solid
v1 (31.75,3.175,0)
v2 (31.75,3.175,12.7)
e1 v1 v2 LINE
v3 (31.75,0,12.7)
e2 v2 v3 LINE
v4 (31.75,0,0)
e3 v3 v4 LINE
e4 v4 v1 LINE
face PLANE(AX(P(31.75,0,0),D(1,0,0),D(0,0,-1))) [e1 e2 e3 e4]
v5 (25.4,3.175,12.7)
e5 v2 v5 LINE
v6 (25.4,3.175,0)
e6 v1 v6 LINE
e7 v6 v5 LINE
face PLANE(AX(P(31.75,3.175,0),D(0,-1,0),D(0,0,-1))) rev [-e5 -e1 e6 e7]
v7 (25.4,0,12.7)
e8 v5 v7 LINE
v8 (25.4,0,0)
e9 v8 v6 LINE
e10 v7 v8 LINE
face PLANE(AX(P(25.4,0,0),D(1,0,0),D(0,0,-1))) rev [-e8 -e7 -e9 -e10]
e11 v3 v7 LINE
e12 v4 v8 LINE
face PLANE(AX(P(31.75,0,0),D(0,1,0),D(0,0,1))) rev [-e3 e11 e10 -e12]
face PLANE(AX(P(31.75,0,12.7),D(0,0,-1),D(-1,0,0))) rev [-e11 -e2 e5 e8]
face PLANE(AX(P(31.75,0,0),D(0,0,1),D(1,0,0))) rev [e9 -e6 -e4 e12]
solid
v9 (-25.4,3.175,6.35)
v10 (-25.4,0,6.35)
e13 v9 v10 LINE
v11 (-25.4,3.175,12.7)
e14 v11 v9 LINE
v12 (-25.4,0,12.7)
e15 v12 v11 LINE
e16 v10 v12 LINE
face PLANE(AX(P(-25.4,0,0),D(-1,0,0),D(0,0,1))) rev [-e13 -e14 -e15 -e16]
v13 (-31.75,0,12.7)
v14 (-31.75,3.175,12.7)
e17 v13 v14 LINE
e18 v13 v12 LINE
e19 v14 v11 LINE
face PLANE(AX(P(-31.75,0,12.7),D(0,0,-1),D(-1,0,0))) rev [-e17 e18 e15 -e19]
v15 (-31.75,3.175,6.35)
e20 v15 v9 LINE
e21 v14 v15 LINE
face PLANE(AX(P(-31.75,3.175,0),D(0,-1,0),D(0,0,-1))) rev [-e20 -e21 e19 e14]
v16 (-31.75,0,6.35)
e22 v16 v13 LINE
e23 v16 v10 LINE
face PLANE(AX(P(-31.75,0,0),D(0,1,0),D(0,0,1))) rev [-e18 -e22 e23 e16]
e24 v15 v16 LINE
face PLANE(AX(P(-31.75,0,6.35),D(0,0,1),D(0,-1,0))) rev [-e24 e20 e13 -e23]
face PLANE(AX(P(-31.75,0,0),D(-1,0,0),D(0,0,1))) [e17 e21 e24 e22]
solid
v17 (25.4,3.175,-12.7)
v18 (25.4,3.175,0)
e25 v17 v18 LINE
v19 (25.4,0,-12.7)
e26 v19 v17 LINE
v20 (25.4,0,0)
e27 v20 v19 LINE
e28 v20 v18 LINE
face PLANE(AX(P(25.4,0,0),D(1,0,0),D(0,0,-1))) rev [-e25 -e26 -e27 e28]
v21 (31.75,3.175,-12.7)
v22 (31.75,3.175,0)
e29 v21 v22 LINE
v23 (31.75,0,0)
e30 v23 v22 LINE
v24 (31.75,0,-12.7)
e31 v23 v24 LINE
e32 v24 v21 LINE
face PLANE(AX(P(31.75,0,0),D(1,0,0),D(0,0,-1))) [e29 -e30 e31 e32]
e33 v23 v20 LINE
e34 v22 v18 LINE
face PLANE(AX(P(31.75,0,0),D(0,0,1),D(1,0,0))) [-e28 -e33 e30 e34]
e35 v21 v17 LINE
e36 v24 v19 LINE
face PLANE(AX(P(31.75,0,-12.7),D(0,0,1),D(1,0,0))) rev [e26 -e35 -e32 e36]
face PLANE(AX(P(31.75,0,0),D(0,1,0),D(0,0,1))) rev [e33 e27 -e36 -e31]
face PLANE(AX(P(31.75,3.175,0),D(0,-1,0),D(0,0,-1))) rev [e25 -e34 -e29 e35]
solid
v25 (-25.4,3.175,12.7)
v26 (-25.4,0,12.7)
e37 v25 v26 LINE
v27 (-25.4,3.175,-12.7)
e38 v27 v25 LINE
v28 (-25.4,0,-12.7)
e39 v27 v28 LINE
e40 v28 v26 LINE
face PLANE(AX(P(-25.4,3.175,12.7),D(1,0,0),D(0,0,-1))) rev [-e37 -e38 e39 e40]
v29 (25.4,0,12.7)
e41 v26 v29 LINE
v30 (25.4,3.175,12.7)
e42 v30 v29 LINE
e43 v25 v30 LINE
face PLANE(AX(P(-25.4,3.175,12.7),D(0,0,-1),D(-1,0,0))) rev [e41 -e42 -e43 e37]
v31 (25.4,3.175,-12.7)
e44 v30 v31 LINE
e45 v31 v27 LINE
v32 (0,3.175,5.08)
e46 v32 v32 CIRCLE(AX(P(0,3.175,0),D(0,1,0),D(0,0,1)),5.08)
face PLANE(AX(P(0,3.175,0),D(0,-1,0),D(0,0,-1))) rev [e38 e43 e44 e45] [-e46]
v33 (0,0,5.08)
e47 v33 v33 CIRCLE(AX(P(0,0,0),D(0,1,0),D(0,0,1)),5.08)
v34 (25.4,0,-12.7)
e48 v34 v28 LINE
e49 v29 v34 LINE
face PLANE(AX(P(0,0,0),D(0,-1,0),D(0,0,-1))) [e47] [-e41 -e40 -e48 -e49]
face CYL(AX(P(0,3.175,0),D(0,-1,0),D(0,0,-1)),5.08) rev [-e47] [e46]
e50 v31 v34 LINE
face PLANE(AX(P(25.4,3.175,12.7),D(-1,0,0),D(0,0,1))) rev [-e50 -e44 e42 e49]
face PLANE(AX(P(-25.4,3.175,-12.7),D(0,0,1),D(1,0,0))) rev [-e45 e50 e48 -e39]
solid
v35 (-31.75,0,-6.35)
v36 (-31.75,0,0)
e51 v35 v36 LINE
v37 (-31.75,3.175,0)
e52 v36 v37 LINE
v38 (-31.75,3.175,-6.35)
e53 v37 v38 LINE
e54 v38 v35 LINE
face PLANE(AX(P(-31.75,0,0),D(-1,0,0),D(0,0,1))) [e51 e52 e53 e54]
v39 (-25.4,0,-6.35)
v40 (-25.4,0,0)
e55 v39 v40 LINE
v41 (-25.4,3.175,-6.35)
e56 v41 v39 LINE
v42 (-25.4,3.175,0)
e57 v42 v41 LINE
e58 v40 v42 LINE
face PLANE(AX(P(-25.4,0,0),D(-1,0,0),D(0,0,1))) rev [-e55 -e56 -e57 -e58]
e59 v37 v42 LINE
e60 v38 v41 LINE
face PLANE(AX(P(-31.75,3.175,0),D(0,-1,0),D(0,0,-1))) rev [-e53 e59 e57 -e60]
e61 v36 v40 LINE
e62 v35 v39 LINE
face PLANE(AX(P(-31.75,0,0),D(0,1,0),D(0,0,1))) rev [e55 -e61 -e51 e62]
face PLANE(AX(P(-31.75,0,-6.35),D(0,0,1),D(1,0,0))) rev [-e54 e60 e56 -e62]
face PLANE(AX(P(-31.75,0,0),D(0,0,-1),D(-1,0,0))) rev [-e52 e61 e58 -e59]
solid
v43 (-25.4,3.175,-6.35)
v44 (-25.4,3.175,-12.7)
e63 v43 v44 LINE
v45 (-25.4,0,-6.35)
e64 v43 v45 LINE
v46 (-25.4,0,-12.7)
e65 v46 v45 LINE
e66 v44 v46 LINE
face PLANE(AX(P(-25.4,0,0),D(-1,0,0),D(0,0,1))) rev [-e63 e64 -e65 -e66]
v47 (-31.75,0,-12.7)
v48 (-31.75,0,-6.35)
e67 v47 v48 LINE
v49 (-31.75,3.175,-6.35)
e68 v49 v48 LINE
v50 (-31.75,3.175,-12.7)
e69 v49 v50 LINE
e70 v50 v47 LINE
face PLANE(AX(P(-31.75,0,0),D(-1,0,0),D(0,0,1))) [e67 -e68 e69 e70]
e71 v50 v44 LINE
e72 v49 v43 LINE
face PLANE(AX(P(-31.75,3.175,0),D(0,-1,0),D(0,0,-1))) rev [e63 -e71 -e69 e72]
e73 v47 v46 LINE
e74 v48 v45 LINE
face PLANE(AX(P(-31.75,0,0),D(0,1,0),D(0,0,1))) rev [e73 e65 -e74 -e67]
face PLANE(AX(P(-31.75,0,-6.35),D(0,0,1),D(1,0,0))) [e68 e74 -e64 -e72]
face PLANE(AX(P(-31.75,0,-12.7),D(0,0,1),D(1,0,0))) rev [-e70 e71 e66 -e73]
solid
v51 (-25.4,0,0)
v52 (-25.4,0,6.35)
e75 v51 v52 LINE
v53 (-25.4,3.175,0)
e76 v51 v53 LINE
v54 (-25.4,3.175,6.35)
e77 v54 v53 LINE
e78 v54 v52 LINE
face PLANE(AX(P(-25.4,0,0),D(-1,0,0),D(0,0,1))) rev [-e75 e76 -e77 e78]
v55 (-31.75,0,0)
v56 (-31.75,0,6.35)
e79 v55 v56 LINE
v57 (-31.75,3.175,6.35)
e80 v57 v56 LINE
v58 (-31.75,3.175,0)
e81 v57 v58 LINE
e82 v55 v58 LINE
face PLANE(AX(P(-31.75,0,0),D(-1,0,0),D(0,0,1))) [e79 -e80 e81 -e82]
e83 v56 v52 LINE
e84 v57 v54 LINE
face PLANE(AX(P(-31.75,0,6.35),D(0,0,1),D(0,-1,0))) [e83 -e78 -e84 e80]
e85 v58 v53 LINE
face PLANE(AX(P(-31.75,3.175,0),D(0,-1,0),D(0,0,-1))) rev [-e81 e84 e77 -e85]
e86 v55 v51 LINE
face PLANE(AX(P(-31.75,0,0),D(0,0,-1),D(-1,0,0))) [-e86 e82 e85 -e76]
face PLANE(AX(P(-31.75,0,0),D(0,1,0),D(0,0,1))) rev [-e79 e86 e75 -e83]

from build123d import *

# Parameters (mm, degrees)
SKETCH1_W           = 50.8
SKETCH1_H           = 25.4
SKETCH1_R           = 5.08
BOSS_EXTRUDE1_DEPTH = 3.175
SKETCH2_W           = 6.35
SKETCH2_H           = 3.175
BOSS_EXTRUDE3_DEPTH = 6.35
SKETCH2_4_W         = 6.35
SKETCH2_4_H         = 3.175
BOSS_EXTRUDE4_DEPTH = 6.35
SKETCH2_6_W         = 6.35
SKETCH2_6_H         = 3.175
BOSS_EXTRUDE6_DEPTH = 6.35
SKETCH2_7_W         = 6.35
SKETCH2_7_H         = 3.175
BOSS_EXTRUDE7_DEPTH = 6.35
SKETCH4_W           = 12.7
SKETCH4_H           = 3.175
BOSS_EXTRUDE8_DEPTH = 6.35
SKETCH4_3_W         = 12.7
SKETCH4_3_H         = 3.175
BOSS_EXTRUDE9_DEPTH = 6.35


with BuildPart() as part:
    # Sketch1 → Boss-Extrude1 (new body)
    with BuildSketch(Plane(origin=(0, 0, 0), x_dir=(1, 0, 0), z_dir=(0, 1, 0))):
        Rectangle(SKETCH1_W, SKETCH1_H)
        Circle(SKETCH1_R, mode=Mode.SUBTRACT)
    extrude(amount=BOSS_EXTRUDE1_DEPTH)


with BuildPart() as body_2:
    # Sketch2 → Boss-Extrude3 (new body)
    with BuildSketch(Plane.ZY.offset(25.4)):
        with Locations((-9.525, 1.5875)):
            Rectangle(SKETCH2_W, SKETCH2_H)
    extrude(amount=BOSS_EXTRUDE3_DEPTH)


with BuildPart() as body_3:
    # Sketch2<4> → Boss-Extrude4 (new body)
    with BuildSketch(Plane.ZY.offset(25.4)):
        with Locations((-3.175, 1.5875)):
            Rectangle(SKETCH2_4_W, SKETCH2_4_H)
    extrude(amount=BOSS_EXTRUDE4_DEPTH)


with BuildPart() as body_4:
    # Sketch2<6> → Boss-Extrude6 (new body)
    with BuildSketch(Plane.ZY.offset(25.4)):
        with Locations((3.175, 1.5875)):
            Rectangle(SKETCH2_6_W, SKETCH2_6_H)
    extrude(amount=BOSS_EXTRUDE6_DEPTH)


with BuildPart() as body_5:
    # Sketch2<7> → Boss-Extrude7 (new body)
    with BuildSketch(Plane.ZY.offset(25.4)):
        with Locations((9.525, 1.5875)):
            Rectangle(SKETCH2_7_W, SKETCH2_7_H)
    extrude(amount=BOSS_EXTRUDE7_DEPTH)


with BuildPart() as body_6:
    # Sketch4 → Boss-Extrude8 (new body)
    with BuildSketch(Plane(origin=(25.4, 0, 0), x_dir=(0, 0, -1), z_dir=(1, 0, 0))):
        with Locations((-6.35, 1.5875)):
            Rectangle(SKETCH4_W, SKETCH4_H)
    extrude(amount=BOSS_EXTRUDE8_DEPTH)


with BuildPart() as body_7:
    # Sketch4<3> → Boss-Extrude9 (new body)
    with BuildSketch(Plane(origin=(25.4, 0, 0), x_dir=(0, 0, -1), z_dir=(1, 0, 0))):
        with Locations((6.35, 1.5875)):
            Rectangle(SKETCH4_3_W, SKETCH4_3_H)
    extrude(amount=BOSS_EXTRUDE9_DEPTH)


solid = Compound([part.part, body_2.part, body_3.part, body_4.part, body_5.part, body_6.part, body_7.part])
